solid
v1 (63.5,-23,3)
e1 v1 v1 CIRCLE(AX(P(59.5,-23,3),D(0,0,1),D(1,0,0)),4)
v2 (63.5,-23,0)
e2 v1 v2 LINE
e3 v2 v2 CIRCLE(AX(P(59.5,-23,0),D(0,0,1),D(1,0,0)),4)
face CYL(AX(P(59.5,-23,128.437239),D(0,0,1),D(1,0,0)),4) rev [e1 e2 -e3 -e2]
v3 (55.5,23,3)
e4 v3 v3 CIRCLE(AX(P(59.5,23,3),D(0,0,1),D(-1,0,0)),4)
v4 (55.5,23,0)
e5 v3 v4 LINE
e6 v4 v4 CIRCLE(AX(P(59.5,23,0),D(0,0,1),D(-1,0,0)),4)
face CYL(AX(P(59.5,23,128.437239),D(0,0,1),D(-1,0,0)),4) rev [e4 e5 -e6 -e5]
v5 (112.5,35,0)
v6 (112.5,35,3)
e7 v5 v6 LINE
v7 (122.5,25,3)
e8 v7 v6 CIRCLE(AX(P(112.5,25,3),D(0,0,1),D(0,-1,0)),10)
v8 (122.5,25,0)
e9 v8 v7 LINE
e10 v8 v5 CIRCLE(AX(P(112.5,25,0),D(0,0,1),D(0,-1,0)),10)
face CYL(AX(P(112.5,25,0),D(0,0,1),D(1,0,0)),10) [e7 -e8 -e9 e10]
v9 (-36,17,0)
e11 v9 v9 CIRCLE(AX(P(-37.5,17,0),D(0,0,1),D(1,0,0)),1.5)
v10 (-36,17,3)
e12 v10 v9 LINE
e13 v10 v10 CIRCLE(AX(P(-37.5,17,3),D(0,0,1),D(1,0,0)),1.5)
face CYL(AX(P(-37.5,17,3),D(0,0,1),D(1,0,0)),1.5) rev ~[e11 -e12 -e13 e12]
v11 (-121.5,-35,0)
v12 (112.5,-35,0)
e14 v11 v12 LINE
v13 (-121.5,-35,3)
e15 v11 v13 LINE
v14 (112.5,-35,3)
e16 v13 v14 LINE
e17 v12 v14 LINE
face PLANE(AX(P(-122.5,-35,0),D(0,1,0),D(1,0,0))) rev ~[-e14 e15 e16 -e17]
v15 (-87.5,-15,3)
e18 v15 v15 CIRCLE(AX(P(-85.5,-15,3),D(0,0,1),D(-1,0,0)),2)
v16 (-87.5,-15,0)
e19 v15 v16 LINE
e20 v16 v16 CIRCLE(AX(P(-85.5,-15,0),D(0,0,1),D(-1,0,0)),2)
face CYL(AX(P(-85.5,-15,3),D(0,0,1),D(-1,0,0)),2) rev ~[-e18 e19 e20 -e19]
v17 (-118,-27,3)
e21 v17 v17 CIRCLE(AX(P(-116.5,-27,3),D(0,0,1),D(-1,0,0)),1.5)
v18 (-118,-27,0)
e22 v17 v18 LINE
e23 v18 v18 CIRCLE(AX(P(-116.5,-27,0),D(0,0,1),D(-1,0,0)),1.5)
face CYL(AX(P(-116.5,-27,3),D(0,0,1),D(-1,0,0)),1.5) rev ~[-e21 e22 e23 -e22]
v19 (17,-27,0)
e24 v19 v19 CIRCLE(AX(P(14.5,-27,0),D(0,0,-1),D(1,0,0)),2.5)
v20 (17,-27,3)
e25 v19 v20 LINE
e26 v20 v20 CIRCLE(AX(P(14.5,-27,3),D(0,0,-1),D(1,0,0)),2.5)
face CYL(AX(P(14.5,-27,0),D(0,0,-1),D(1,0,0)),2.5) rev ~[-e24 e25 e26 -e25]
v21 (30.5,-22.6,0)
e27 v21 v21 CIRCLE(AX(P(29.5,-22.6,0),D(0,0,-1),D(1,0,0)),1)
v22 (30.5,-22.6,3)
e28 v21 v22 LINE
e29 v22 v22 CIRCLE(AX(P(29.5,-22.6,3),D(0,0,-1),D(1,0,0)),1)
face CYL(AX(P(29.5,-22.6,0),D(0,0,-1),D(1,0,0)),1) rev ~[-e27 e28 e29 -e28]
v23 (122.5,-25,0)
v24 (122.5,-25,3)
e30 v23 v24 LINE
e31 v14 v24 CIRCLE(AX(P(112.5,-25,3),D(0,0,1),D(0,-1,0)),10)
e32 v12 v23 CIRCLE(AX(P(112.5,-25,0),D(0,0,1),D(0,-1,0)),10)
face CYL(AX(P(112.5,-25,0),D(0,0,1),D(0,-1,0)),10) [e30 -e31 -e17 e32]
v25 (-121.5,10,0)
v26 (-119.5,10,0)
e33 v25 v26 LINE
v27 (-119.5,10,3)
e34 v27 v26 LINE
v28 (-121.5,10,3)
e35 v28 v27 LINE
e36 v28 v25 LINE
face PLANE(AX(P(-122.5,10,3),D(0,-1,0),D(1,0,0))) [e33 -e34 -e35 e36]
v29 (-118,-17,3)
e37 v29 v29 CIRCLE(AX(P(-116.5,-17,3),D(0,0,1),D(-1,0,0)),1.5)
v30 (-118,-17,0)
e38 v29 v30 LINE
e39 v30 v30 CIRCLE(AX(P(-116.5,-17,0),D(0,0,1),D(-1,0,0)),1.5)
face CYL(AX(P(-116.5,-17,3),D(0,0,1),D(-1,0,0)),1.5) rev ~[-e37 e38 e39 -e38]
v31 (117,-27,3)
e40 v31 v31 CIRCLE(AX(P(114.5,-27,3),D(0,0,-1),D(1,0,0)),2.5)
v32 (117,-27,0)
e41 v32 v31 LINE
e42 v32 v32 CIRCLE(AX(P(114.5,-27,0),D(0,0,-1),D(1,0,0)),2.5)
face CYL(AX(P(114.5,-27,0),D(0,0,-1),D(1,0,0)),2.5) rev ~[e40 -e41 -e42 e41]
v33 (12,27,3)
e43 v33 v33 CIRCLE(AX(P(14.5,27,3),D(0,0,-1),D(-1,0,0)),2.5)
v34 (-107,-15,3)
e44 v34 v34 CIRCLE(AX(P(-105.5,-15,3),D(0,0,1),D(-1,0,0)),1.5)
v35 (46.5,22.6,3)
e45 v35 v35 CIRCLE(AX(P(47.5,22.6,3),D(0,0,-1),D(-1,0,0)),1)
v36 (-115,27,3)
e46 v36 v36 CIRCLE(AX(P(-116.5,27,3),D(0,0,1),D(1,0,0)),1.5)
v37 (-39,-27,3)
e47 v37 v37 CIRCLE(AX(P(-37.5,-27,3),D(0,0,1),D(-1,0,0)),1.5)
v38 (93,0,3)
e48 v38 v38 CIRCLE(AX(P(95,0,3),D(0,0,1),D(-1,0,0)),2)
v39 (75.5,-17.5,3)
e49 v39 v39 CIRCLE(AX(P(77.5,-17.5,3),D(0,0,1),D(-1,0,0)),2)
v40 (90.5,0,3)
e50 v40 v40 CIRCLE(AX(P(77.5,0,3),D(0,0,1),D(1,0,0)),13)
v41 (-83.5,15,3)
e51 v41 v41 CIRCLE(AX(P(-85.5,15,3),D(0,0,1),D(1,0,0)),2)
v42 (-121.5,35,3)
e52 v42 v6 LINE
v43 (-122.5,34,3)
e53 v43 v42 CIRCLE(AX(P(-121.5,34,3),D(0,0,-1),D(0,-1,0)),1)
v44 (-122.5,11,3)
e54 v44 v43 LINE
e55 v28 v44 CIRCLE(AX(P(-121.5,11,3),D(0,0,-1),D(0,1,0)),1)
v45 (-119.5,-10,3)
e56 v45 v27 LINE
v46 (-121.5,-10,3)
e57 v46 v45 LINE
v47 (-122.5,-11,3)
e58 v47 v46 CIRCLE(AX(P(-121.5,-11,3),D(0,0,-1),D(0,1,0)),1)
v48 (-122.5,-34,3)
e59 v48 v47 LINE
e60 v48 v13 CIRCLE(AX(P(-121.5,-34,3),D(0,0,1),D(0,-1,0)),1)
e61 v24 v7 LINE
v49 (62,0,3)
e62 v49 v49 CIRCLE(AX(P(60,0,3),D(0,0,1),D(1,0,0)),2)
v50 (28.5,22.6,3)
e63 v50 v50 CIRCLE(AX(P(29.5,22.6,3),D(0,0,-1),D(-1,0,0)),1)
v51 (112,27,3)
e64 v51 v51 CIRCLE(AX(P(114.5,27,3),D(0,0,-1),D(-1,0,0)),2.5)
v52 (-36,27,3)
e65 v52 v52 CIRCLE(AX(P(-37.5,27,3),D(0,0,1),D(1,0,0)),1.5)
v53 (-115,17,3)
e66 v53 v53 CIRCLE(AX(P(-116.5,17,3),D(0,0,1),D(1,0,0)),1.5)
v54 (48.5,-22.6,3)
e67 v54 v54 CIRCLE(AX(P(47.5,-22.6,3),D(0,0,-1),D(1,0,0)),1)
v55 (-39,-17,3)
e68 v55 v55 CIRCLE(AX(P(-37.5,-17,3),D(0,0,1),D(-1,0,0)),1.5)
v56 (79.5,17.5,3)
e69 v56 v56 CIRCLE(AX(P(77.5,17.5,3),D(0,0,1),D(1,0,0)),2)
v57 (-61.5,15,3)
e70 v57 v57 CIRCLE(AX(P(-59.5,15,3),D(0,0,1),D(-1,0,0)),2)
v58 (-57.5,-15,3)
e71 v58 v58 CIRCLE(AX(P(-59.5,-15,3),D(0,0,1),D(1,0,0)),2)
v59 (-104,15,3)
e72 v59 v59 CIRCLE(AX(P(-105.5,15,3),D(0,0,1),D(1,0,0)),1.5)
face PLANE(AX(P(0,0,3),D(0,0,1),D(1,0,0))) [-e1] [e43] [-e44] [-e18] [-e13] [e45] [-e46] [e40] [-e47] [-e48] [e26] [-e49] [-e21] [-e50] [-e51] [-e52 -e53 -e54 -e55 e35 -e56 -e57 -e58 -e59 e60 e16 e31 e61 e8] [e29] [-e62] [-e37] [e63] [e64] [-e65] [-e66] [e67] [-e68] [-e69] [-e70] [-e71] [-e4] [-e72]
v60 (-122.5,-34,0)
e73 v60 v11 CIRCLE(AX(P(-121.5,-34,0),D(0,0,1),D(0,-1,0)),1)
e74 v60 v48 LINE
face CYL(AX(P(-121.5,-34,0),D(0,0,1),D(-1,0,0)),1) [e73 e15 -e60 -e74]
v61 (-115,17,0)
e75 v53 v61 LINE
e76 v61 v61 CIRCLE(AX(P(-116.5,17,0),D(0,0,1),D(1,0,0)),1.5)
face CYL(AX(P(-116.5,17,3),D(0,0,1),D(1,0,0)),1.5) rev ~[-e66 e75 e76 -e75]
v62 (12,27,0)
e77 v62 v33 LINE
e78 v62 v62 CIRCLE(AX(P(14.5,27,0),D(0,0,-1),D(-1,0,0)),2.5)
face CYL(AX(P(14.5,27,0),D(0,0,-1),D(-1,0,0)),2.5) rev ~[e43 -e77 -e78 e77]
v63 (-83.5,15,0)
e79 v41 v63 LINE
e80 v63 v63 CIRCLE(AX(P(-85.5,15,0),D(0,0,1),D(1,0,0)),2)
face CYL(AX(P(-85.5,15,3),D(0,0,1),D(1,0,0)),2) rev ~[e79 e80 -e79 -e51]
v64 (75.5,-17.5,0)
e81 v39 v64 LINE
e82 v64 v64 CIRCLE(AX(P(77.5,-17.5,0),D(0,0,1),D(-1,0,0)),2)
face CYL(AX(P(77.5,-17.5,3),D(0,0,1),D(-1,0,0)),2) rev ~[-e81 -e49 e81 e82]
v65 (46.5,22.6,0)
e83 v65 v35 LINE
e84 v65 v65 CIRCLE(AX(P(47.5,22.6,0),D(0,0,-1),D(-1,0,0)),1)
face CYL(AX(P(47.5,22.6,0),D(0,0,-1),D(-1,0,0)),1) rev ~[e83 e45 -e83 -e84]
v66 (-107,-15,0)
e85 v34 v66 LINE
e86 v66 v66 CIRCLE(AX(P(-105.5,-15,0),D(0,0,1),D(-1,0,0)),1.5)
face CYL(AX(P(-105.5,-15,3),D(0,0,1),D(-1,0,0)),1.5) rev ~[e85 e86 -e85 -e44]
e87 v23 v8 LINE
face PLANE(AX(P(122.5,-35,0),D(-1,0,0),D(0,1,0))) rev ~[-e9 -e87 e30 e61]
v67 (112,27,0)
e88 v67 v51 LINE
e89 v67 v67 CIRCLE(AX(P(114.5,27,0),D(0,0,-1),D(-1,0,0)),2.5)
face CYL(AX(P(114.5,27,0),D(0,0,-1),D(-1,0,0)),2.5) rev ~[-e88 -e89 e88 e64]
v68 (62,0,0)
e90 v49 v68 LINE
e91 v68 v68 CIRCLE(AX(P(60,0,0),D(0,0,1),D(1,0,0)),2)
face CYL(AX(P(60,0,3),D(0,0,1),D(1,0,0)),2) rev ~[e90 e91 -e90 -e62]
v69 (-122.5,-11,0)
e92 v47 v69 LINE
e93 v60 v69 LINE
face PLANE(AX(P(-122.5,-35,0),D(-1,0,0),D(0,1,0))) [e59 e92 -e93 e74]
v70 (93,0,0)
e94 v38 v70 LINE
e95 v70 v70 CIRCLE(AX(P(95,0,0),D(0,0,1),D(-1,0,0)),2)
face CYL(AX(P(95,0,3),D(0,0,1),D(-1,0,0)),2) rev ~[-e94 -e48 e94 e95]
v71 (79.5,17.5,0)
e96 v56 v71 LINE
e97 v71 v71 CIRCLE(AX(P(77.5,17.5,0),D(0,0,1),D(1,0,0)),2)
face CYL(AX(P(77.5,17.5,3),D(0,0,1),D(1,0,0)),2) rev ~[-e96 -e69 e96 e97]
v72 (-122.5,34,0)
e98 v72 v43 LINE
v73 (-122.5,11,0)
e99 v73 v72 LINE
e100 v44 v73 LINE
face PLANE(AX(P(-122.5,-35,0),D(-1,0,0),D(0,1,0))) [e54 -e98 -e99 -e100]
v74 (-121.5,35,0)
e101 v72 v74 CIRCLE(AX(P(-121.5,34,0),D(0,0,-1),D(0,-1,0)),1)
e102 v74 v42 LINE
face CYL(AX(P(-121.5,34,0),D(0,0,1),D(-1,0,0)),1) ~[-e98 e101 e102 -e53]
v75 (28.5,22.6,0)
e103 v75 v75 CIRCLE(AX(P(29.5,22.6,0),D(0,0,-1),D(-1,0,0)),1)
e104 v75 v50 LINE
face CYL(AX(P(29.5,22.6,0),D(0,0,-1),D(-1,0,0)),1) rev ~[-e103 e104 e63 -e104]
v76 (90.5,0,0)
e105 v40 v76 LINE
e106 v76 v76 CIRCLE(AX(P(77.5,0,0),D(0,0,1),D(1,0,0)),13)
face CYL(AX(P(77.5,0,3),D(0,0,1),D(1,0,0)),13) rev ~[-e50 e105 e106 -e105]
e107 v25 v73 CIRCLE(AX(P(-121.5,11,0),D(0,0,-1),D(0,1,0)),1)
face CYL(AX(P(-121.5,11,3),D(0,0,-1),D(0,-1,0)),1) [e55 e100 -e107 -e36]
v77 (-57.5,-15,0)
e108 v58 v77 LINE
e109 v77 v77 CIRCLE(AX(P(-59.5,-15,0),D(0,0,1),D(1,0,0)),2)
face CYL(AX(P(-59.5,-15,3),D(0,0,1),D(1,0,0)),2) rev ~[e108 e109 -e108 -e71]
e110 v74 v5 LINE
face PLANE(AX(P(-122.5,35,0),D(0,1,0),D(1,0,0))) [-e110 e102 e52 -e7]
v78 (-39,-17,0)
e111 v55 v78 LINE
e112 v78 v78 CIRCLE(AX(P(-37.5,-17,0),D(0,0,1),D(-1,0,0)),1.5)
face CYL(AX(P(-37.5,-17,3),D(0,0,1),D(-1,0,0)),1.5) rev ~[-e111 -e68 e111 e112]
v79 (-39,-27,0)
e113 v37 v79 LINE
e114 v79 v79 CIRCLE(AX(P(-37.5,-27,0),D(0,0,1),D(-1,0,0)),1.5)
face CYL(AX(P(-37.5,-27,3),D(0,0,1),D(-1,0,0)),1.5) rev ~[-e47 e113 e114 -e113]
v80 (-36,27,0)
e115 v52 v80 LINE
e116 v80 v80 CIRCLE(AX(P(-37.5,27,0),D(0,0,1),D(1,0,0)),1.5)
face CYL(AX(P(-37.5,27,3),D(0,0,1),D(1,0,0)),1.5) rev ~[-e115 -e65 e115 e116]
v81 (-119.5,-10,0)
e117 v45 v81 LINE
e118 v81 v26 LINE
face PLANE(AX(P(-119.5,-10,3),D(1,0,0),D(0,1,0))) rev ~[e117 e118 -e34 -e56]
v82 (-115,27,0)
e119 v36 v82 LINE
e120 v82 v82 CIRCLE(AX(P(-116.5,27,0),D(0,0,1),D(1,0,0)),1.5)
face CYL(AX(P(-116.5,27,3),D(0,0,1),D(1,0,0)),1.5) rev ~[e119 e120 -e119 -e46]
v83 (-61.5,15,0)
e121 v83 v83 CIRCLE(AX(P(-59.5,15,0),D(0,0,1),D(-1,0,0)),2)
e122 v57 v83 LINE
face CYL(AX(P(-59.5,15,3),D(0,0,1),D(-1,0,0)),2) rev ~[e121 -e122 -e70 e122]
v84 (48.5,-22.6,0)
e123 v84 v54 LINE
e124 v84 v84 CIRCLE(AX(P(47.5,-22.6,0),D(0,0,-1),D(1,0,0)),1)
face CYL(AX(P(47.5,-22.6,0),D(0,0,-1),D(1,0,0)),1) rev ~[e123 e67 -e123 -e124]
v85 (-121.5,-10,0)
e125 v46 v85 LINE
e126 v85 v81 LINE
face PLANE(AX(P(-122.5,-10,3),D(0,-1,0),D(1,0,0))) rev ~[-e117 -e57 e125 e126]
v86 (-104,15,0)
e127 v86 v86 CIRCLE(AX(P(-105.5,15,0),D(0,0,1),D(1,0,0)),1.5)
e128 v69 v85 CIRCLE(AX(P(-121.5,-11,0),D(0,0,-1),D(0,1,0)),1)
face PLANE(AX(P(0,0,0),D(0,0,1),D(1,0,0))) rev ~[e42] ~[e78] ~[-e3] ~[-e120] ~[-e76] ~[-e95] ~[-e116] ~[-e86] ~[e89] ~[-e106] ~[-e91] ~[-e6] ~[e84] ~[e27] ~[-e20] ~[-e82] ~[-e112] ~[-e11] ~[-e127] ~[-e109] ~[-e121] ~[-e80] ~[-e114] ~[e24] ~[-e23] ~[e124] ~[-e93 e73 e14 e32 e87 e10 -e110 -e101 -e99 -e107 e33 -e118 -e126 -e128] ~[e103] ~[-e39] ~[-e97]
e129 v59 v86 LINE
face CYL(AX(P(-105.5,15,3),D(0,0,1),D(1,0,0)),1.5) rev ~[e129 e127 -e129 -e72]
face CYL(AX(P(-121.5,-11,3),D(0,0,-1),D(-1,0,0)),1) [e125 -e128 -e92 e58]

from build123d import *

# Parameters (mm, degrees)
SKETCH_1_W                = 245
SKETCH_1_H                = 70
EXTRUDE_1_DEPTH           = 3
SKETCH_3_R                = 2
CUT_EXTRUDE_2_DEPTH       = 128.437239455
SKETCH_5_W                = 3
SKETCH_5_H                = 20
CUT_EXTRUDE_4_DEPTH       = 128.437239455
FILLET_1_R                = 1
SKETCH_6_R                = 1.5
CUT_EXTRUDE_5_DEPTH       = 128.437239455
SKETCH_7_R                = 1.5
CUT_EXTRUDE_6_DEPTH       = 128.437239455
SKETCH_8_R                = 1.5
CUT_EXTRUDE_7_DEPTH       = 128.437239455
SKETCH_9_R                = 13
CUT_EXTRUDE_8_DEPTH       = 128.437239455
SKETCH_10_R               = 2
CUT_EXTRUDE_9_DEPTH       = 128.437239455
FILLET_2_R                = 10
SKETCH_11_R               = 2.5
CUT_EXTRUDE_10_DEPTH      = 128.437239455
CUT_EXTRUDE_11_DEPTH      = 128.437239455
CUT_EXTRUDE_11_DEPTH_BACK = 128.437239455
SKETCH_12_R               = 4
SKETCH_13_R               = 1
CUT_EXTRUDE_12_DEPTH      = 128.437239455


with BuildPart() as part:
    # 草图1 → 凸台-拉伸1 (new body)
    with BuildSketch(Plane.XY):
        Rectangle(SKETCH_1_W, SKETCH_1_H)
    extrude(amount=EXTRUDE_1_DEPTH)

    # 草图3 → 切除-拉伸2 (cut, through all)
    with BuildSketch(Plane.XY.offset(3)):
        with Locations((-85.5, 15)):
            Circle(SKETCH_3_R)
        with Locations(Location((-59.5, 15, 0), (0, 0, 180))):
            Circle(SKETCH_3_R)
        with Locations((-59.5, -15)):
            Circle(SKETCH_3_R)
        with Locations(Location((-85.5, -15, 0), (0, 0, 180))):
            Circle(SKETCH_3_R)
    extrude(amount=-CUT_EXTRUDE_2_DEPTH, mode=Mode.SUBTRACT)

    # 草图5 → 切除-拉伸4 (cut, through all)
    with BuildSketch(Plane.XY.offset(3)):
        with Locations((-121, 0)):
            Rectangle(SKETCH_5_W, SKETCH_5_H)
    extrude(amount=-CUT_EXTRUDE_4_DEPTH, mode=Mode.SUBTRACT)

    # 圆角1
    fillet_1_edges = [part.edges().sort_by_distance(p)[0] for p in [
        (-122.5, -10, 1.5),
        (-122.5, 10, 1.5),
        (-122.5, -35, 1.5),
        (-122.5, 35, 1.5),
    ]]
    fillet(fillet_1_edges, radius=FILLET_1_R)

    # 草图6 → 切除-拉伸5 (cut, through all)
    with BuildSketch(Plane.XY.offset(3)):
        with Locations((-116.5, 27)):
            Circle(SKETCH_6_R)
        with Locations((-116.5, 17)):
            Circle(SKETCH_6_R)
        with Locations(Location((-116.5, -17, 0), (0, 0, 180))):
            Circle(SKETCH_6_R)
        with Locations(Location((-116.5, -27, 0), (0, 0, 180))):
            Circle(SKETCH_6_R)
    extrude(amount=-CUT_EXTRUDE_5_DEPTH, mode=Mode.SUBTRACT)

    # 草图7 → 切除-拉伸6 (cut, through all)
    with BuildSketch(Plane.XY.offset(3)):
        with Locations((-105.5, 15)):
            Circle(SKETCH_7_R)
        with Locations(Location((-105.5, -15, 0), (0, 0, 180))):
            Circle(SKETCH_7_R)
    extrude(amount=-CUT_EXTRUDE_6_DEPTH, mode=Mode.SUBTRACT)

    # 草图8 → 切除-拉伸7 (cut, through all)
    with BuildSketch(Plane.XY.offset(3)):
        with Locations((-37.5, 27)):
            Circle(SKETCH_8_R)
        with Locations((-37.5, 17)):
            Circle(SKETCH_8_R)
        with Locations(Location((-37.5, -17, 0), (0, 0, 180))):
            Circle(SKETCH_8_R)
        with Locations(Location((-37.5, -27, 0), (0, 0, 180))):
            Circle(SKETCH_8_R)
    extrude(amount=-CUT_EXTRUDE_7_DEPTH, mode=Mode.SUBTRACT)

    # 草图9 → 切除-拉伸8 (cut, through all)
    with BuildSketch(Plane.XY.offset(3)):
        with Locations((77.5, 0)):
            Circle(SKETCH_9_R)
    extrude(amount=-CUT_EXTRUDE_8_DEPTH, mode=Mode.SUBTRACT)

    # 草图10 → 切除-拉伸9 (cut, through all)
    with BuildSketch(Plane.XY.offset(3)):
        with Locations((77.5, 17.5)):
            Circle(SKETCH_10_R)
        with Locations((60, 0)):
            Circle(SKETCH_10_R)
        with Locations(Location((95, 0, 0), (0, 0, 180))):
            Circle(SKETCH_10_R)
        with Locations(Location((77.5, -17.5, 0), (0, 0, 180))):
            Circle(SKETCH_10_R)
    extrude(amount=-CUT_EXTRUDE_9_DEPTH, mode=Mode.SUBTRACT)

    # 圆角2
    fillet_2_edges = [part.edges().sort_by_distance(p)[0] for p in [
        (122.5, -35, 1.5),
        (122.5, 35, 1.5),
    ]]
    fillet(fillet_2_edges, radius=FILLET_2_R)

    # 草图11 → 切除-拉伸10 (cut, through all)
    with BuildSketch(Plane(origin=(0, 0, 0), x_dir=(-1, 0, 0), z_dir=(0, 0, -1))):
        with Locations((-114.5, 27)):
            Circle(SKETCH_11_R)
        with Locations((-14.5, 27)):
            Circle(SKETCH_11_R)
        with Locations(Location((-14.5, -27, 0), (0, 0, 180))):
            Circle(SKETCH_11_R)
        with Locations(Location((-114.5, -27, 0), (0, 0, 180))):
            Circle(SKETCH_11_R)
    extrude(amount=-CUT_EXTRUDE_10_DEPTH, mode=Mode.SUBTRACT)

    # 草图12 → 切除-拉伸11 (cut, two sides: drawn at the far end of the back side and taken through both)
    with BuildSketch(Plane(origin=(0, 0, 0), x_dir=(-1, 0, 0), z_dir=(0, 0, -1)).offset(-CUT_EXTRUDE_11_DEPTH_BACK)):
        with Locations((-59.5, 23)):
            Circle(SKETCH_12_R)
        with Locations(Location((-59.5, -23, 0), (0, 0, 180))):
            Circle(SKETCH_12_R)
    extrude(amount=CUT_EXTRUDE_11_DEPTH + CUT_EXTRUDE_11_DEPTH_BACK, mode=Mode.SUBTRACT)

    # 草图13 → 切除-拉伸12 (cut, through all)
    with BuildSketch(Plane(origin=(0, 0, 0), x_dir=(-1, 0, 0), z_dir=(0, 0, -1))):
        with Locations((-47.5, 22.6)):
            Circle(SKETCH_13_R)
        with Locations((-29.5, 22.6)):
            Circle(SKETCH_13_R)
        with Locations(Location((-29.5, -22.6, 0), (0, 0, 180))):
            Circle(SKETCH_13_R)
        with Locations(Location((-47.5, -22.6, 0), (0, 0, 180))):
            Circle(SKETCH_13_R)
    extrude(amount=-CUT_EXTRUDE_12_DEPTH, mode=Mode.SUBTRACT)


solid = part.part
